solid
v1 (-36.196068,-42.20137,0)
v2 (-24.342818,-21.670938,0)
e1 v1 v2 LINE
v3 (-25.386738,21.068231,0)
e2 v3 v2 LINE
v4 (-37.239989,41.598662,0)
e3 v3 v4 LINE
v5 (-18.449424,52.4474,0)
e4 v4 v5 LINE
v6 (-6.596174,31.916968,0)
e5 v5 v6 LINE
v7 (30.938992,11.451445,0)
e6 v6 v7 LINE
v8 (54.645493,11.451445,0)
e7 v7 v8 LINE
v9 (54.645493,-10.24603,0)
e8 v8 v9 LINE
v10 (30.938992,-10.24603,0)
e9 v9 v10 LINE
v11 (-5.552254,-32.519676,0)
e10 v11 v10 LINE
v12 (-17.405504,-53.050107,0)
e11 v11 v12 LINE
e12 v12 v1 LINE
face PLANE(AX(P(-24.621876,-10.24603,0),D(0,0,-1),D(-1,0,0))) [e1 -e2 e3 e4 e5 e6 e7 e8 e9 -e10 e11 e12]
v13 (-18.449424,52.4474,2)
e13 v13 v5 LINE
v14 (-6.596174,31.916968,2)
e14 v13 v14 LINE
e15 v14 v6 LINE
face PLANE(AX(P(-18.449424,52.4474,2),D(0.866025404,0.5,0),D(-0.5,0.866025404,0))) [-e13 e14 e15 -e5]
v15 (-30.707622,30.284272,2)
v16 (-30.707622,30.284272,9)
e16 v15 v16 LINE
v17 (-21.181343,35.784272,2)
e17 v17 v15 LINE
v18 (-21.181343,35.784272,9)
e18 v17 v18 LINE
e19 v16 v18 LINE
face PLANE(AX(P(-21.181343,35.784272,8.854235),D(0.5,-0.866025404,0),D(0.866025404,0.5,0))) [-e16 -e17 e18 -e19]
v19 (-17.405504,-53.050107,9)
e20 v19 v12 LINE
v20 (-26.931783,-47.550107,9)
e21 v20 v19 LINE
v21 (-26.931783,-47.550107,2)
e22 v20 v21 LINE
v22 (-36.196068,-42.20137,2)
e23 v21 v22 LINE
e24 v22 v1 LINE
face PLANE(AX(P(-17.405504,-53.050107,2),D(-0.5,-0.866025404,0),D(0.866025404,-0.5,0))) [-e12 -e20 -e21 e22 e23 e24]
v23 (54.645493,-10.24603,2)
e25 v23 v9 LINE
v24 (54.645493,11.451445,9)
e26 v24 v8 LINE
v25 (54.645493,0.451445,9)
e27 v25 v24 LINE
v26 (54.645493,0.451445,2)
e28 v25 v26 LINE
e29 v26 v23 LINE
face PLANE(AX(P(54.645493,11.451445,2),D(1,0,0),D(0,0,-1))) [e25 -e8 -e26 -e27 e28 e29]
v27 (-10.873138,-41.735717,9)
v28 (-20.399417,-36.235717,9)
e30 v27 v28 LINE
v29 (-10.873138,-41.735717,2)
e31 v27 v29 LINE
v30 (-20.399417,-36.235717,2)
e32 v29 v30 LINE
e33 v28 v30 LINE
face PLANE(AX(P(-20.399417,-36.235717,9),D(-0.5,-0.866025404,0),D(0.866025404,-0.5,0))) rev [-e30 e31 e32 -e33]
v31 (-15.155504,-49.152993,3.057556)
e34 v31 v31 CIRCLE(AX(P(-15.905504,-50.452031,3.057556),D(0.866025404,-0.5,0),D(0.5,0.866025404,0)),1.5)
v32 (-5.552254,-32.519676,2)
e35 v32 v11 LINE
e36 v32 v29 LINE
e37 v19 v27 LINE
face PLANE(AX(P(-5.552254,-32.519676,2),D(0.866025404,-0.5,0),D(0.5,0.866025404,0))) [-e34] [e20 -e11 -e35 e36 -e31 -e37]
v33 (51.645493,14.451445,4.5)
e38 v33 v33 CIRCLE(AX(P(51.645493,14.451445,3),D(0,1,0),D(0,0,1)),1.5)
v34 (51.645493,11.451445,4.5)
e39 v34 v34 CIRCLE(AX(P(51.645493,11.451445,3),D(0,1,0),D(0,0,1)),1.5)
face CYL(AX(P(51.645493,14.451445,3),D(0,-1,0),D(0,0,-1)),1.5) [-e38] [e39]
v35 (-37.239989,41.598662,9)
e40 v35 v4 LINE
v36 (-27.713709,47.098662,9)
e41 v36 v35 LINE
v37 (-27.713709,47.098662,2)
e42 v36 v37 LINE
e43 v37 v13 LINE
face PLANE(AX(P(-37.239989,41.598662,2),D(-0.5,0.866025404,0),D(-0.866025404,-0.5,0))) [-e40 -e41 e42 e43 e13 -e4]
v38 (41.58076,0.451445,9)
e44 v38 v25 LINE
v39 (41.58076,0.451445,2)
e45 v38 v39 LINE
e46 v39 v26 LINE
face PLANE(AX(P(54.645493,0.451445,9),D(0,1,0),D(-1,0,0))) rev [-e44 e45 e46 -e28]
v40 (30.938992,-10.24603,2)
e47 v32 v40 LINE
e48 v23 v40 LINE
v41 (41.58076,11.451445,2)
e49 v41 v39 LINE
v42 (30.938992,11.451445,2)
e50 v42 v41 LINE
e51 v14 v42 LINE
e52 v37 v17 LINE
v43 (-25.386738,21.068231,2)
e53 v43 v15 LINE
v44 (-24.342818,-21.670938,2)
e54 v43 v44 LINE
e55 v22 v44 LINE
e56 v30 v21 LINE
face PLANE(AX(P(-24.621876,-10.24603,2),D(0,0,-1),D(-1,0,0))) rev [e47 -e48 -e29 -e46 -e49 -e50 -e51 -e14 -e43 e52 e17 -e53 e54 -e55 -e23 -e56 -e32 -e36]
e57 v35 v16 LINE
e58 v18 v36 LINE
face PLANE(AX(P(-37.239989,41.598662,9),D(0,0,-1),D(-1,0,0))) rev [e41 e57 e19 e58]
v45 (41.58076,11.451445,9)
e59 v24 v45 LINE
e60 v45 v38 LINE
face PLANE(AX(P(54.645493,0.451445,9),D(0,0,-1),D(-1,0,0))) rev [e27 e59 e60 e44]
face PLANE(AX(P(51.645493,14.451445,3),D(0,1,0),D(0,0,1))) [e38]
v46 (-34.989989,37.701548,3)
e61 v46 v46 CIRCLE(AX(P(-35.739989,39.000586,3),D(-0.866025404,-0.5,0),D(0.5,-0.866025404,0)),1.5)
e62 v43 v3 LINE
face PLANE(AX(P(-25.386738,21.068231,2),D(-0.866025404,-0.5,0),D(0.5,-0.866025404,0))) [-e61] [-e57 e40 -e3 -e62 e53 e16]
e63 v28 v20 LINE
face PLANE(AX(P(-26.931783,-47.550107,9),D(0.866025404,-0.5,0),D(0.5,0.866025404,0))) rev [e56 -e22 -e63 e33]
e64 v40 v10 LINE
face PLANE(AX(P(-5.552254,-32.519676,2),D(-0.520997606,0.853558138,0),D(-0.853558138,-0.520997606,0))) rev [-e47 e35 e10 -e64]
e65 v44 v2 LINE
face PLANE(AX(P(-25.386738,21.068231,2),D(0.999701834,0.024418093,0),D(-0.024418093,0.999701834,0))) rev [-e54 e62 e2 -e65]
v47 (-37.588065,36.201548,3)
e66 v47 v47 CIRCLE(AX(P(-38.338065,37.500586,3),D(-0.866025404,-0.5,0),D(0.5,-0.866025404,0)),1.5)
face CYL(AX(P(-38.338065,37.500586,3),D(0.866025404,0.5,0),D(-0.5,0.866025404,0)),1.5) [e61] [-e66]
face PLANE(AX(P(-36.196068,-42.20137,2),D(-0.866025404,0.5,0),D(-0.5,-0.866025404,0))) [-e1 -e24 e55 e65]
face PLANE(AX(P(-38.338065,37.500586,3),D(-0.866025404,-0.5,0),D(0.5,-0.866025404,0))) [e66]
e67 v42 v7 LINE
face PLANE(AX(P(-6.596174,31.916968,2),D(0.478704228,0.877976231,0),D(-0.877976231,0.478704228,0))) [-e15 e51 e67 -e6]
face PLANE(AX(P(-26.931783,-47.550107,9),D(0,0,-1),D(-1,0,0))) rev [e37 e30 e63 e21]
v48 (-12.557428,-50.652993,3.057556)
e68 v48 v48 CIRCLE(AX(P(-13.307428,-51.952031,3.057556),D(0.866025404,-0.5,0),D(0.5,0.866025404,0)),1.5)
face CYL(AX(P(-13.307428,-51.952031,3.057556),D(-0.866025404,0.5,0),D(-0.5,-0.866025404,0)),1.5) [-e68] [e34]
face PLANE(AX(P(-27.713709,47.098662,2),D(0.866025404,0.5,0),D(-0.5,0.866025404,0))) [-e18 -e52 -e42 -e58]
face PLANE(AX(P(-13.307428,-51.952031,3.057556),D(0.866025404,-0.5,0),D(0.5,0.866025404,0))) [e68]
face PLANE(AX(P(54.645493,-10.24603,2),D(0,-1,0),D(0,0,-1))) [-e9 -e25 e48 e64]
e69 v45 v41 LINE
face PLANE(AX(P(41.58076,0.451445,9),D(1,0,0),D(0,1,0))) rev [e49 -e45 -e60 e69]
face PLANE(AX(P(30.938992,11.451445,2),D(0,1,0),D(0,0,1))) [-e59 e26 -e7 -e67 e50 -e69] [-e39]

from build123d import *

# Parameters (mm, degrees)
BOSS_EXTRUDE1_DEPTH = 2
SKETCH2_W           = 6.854235104
SKETCH2_H           = 13.064732657
BOSS_EXTRUDE2_DEPTH = 11
SKETCH3_W           = 13.064732657
SKETCH3_H           = 11
BOSS_EXTRUDE3_DEPTH = 7
SKETCH6_R           = 1.5
BOSS_EXTRUDE4_DEPTH = 3
SKETCH7_R           = 1.5
BOSS_EXTRUDE5_DEPTH = 3
SKETCH8_R           = 1.5
BOSS_EXTRUDE6_DEPTH = 3


with BuildPart() as part:
    # Sketch1 → Boss-Extrude1 (new body)
    with BuildSketch(Plane.XY):
        Polygon((30.93899215, 11.451445147), (54.645492629, 11.451445147), (54.645492629, -10.246029868), (30.93899215, -10.246029868), (-5.552253668, -32.519675743), (-17.405503908, -53.050107393), (-36.196068468, -42.201369885), (-24.342818229, -21.670938236), (-25.386738482, 21.068230596), (-37.239988722, 41.598662246), (-18.449424161, 52.447399753), (-6.596173922, 31.916968104), align=None)
    extrude(amount=BOSS_EXTRUDE1_DEPTH)

    # Sketch2 → Boss-Extrude2 (add)
    with BuildSketch(Plane(origin=(-9.917242407, -5.725722573, 0), x_dir=(0, 0, 1), z_dir=(-0.8660254037844431, -0.4999999999999922, 0))):
        with Locations((5.427117552, 48.1131263)):
            Rectangle(SKETCH2_W, SKETCH2_H)
    extrude(amount=-BOSS_EXTRUDE2_DEPTH)

    # Sketch3 → Boss-Extrude3 (add)
    with BuildSketch(Plane.XY.offset(2)):
        Polygon((-37.239988722, 41.598662246), (-27.71370928, 47.098662246), (-21.181342951, 35.784271871), (-30.707622393, 30.284271871), align=None)
        with Locations((48.1131263, 5.951445147)):
            Rectangle(SKETCH3_W, SKETCH3_H)
        Polygon((-10.873137579, -41.735717017), (-17.405503908, -53.050107393), (-26.931783349, -47.550107393), (-20.39941702, -36.235717017), align=None)
    extrude(amount=BOSS_EXTRUDE3_DEPTH)

    # Sketch6 → Boss-Extrude4 (add)
    with BuildSketch(Plane(origin=(-9.917242407, -5.725722573, 0), x_dir=(0, 0, 1), z_dir=(-0.8660254037844431, -0.4999999999999922, 0))):
        with Locations(Location((3, 51.645492629, 0), (0, 0, 270))):
            Circle(SKETCH6_R)
    extrude(amount=BOSS_EXTRUDE4_DEPTH)

    # Sketch7 → Boss-Extrude5 (add)
    with BuildSketch(Plane(origin=(9.917242407, -5.725722573, 0), x_dir=(0, 0, -1), z_dir=(0.8660254037844364, -0.5000000000000041, 0))):
        with Locations(Location((-3.057556163, -51.645492629, 0), (0, 0, 90))):
            Circle(SKETCH7_R)
    extrude(amount=BOSS_EXTRUDE5_DEPTH)

    # Sketch8 → Boss-Extrude6 (add)
    with BuildSketch(Plane(origin=(0, 11.451445147, 0), x_dir=(1, 0, 0), z_dir=(0, 1, 0))):
        with Locations(Location((51.645492629, -3, 0), (0, 0, 270))):
            Circle(SKETCH8_R)
    extrude(amount=BOSS_EXTRUDE6_DEPTH)


solid = part.part
